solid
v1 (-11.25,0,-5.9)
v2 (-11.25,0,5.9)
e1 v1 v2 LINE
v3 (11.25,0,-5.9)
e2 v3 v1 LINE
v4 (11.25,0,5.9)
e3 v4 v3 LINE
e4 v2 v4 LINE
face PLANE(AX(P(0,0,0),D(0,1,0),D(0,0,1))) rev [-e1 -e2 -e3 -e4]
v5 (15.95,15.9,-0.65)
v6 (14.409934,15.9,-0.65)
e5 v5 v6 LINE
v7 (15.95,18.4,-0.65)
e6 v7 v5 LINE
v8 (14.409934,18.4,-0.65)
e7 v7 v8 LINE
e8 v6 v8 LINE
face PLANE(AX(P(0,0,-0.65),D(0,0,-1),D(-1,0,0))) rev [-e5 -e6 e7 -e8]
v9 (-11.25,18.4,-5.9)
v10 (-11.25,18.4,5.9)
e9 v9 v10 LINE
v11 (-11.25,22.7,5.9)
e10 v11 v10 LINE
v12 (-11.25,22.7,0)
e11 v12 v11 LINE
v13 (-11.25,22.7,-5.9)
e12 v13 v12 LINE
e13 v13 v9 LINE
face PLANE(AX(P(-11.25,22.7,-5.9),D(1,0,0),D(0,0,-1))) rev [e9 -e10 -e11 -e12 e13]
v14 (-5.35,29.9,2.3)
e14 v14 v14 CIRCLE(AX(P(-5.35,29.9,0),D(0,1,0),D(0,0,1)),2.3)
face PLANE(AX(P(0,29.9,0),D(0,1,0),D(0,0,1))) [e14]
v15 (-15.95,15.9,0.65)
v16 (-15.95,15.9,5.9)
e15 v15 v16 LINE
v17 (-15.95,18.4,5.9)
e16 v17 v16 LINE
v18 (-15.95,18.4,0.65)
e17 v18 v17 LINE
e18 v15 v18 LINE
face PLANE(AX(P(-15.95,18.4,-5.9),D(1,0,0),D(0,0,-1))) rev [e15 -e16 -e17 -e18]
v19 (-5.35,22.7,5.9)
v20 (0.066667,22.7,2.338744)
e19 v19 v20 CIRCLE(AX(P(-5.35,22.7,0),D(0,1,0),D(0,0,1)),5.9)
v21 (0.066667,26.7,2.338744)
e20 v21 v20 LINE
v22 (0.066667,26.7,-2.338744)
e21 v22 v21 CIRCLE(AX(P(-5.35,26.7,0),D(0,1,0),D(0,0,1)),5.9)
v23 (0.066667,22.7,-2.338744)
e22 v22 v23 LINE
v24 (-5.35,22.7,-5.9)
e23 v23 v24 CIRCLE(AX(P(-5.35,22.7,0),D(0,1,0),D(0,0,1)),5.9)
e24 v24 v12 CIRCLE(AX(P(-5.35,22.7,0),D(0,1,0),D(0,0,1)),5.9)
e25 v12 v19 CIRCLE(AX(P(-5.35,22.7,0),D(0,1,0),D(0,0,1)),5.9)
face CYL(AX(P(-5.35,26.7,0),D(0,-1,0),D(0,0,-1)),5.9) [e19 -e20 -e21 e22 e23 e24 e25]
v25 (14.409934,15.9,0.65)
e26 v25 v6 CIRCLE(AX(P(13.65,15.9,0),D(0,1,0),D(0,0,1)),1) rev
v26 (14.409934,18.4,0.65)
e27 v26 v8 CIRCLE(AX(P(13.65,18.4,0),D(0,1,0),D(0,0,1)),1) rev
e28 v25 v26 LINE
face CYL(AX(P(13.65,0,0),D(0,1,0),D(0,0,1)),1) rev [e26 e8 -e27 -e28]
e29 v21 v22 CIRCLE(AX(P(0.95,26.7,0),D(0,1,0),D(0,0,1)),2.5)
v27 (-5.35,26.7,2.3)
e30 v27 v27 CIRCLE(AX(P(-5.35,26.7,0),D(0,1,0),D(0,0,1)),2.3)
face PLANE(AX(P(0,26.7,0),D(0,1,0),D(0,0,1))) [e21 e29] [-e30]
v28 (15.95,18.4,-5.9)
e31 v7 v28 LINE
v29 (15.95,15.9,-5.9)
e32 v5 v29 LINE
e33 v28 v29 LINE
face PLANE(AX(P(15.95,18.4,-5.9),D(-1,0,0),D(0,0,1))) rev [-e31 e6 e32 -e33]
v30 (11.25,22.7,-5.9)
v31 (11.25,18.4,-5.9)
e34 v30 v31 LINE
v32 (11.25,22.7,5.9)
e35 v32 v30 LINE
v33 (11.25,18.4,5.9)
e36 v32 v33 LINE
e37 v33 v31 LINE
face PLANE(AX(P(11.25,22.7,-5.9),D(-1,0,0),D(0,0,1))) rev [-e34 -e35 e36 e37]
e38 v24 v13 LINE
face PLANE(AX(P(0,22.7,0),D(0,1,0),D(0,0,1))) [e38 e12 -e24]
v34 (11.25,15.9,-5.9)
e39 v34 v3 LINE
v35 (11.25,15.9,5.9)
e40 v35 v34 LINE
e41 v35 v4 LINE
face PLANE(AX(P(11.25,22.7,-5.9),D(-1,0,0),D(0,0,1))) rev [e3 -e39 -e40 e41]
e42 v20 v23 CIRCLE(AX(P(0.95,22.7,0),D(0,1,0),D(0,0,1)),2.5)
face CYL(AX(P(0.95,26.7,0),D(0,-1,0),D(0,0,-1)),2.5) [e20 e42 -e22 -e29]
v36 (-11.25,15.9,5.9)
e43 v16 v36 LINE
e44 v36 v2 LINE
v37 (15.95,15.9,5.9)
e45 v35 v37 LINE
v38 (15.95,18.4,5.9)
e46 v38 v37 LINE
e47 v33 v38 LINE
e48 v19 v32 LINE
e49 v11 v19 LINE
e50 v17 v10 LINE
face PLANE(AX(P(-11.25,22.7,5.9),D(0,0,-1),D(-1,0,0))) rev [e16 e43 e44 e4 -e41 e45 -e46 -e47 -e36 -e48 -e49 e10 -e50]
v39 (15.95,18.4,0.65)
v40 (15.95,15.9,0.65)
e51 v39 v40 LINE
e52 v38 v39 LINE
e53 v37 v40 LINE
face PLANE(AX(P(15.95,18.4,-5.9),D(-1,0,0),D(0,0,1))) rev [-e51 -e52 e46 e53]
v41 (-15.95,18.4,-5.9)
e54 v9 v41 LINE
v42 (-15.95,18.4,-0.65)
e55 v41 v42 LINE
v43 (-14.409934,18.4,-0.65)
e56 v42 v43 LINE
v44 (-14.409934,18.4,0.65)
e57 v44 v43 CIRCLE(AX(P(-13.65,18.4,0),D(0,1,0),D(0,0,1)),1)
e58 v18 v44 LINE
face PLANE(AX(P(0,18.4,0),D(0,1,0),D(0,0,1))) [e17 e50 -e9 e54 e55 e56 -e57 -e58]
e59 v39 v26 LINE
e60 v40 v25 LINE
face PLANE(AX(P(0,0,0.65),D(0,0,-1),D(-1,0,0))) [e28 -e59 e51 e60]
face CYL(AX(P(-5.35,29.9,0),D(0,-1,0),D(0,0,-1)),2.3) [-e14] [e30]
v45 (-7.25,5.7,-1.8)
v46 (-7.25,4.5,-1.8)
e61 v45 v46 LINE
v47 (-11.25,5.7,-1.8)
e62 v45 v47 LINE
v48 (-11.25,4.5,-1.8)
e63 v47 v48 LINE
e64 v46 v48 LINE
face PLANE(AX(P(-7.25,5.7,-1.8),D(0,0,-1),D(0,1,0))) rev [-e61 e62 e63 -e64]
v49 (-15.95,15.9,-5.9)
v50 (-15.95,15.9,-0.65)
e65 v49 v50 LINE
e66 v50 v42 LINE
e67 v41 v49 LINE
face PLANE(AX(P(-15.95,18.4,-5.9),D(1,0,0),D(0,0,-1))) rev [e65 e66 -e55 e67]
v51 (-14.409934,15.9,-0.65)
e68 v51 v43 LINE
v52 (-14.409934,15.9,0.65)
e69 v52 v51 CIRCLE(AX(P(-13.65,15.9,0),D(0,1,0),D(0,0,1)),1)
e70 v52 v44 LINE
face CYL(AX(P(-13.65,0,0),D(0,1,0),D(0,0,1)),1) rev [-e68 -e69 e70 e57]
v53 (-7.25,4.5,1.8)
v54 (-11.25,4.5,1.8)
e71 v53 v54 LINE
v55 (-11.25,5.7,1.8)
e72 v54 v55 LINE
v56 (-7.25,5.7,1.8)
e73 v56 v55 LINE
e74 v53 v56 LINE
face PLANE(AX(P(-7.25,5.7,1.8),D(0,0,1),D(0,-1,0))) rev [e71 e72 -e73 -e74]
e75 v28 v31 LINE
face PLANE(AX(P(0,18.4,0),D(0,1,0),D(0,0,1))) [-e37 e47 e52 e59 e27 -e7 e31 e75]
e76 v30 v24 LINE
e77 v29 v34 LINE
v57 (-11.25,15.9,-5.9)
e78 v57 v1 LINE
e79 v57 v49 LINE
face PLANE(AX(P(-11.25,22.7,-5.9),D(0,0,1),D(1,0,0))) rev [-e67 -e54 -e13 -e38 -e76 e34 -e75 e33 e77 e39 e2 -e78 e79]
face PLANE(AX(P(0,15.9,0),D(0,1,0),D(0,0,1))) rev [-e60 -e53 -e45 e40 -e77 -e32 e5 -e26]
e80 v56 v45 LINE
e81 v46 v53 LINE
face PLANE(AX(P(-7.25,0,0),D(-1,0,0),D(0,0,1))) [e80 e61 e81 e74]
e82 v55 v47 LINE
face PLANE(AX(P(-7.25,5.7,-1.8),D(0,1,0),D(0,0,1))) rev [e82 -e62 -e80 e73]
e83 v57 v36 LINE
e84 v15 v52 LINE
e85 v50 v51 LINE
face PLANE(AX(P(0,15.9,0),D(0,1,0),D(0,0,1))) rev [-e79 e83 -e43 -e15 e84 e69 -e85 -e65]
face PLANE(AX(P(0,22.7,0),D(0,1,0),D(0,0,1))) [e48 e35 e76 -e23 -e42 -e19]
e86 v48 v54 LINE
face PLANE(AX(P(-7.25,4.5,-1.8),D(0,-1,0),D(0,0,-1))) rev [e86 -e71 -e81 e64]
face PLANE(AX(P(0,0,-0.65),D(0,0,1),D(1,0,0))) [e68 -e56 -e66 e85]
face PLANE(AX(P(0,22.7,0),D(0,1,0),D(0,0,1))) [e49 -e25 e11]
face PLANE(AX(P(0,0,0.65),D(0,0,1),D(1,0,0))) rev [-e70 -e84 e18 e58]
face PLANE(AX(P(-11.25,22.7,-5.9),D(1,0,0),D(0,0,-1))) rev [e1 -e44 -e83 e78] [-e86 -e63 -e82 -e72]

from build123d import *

# Parameters (mm, degrees)
SKETCH1_W           = 22.5
SKETCH1_H           = 11.8
BOSS_EXTRUDE1_DEPTH = 22.7
BOSS_EXTRUDE2_START = 15.9
SKETCH2_W           = 31.9
SKETCH2_H           = 11.8
BOSS_EXTRUDE2_DEPTH = 2.5
CUT_EXTRUDE1_DEPTH  = 26.055388642
SKETCH4_R           = 2.3
BOSS_EXTRUDE3_DEPTH = 4
SKETCH4_3_R         = 2.3
BOSS_EXTRUDE4_DEPTH = 7.2
SKETCH5_W           = 3.6
SKETCH5_H           = 1.2
CUT_EXTRUDE2_DEPTH  = 4


with BuildPart() as part:
    # Sketch1 → Boss-Extrude1 (new body)
    with BuildSketch(Plane(origin=(0, 0, 0), x_dir=(1, 0, 0), z_dir=(0, 1, 0))):
        Rectangle(SKETCH1_W, SKETCH1_H)
    extrude(amount=BOSS_EXTRUDE1_DEPTH)

    # Sketch2 → Boss-Extrude2 (add)
    with BuildSketch(Plane(origin=(0, 0, 0), x_dir=(1, 0, 0), z_dir=(0, 1, 0)).offset(BOSS_EXTRUDE2_START)):
        Rectangle(SKETCH2_W, SKETCH2_H)
    extrude(amount=BOSS_EXTRUDE2_DEPTH)

    # Sketch3 → Cut-Extrude1 (cut, through all)
    with BuildSketch(Plane(origin=(0, 18.4, 0), x_dir=(1, 0, 0), z_dir=(0, 1, 0))):
        with BuildLine():
            Line((-14.409934208, 0.65), (-15.95, 0.65))
            Line((-15.95, 0.65), (-15.95, -0.65))
            Line((-15.95, -0.65), (-14.409934208, -0.65))
            ThreePointArc((-14.409934208, -0.65), (-12.65, 0), (-14.409934208, 0.65))
        make_face()
        with BuildLine():
            Line((14.409934208, -0.65), (15.95, -0.65))
            Line((15.95, -0.65), (15.95, 0.65))
            Line((15.95, 0.65), (14.409934208, 0.65))
            ThreePointArc((14.409934208, 0.65), (12.65, 0), (14.409934208, -0.65))
        make_face()
    extrude(amount=-CUT_EXTRUDE1_DEPTH, mode=Mode.SUBTRACT)

    # Sketch4 → Boss-Extrude3 (add)
    with BuildSketch(Plane(origin=(0, 22.7, 0), x_dir=(1, 0, 0), z_dir=(0, 1, 0))):
        with BuildLine():
            ThreePointArc((0.066666667, 2.338743727), (-11.25, 0), (0.066666667, -2.338743727))
            ThreePointArc((0.066666667, -2.338743727), (3.45, 0), (0.066666667, 2.338743727))
        make_face()
        with Locations((-5.35, 0)):
            Circle(SKETCH4_R, mode=Mode.SUBTRACT)
    extrude(amount=BOSS_EXTRUDE3_DEPTH)

    # Sketch4<3> → Boss-Extrude4 (add)
    with BuildSketch(Plane(origin=(0, 22.7, 0), x_dir=(1, 0, 0), z_dir=(0, 1, 0))):
        with Locations((-5.35, 0)):
            Circle(SKETCH4_3_R)
    extrude(amount=BOSS_EXTRUDE4_DEPTH)

    # Sketch5 → Cut-Extrude2 (cut)
    with BuildSketch(Plane.ZY.offset(11.25)):
        with Locations((0, 5.1)):
            Rectangle(SKETCH5_W, SKETCH5_H)
    extrude(amount=-CUT_EXTRUDE2_DEPTH, mode=Mode.SUBTRACT)


solid = part.part
